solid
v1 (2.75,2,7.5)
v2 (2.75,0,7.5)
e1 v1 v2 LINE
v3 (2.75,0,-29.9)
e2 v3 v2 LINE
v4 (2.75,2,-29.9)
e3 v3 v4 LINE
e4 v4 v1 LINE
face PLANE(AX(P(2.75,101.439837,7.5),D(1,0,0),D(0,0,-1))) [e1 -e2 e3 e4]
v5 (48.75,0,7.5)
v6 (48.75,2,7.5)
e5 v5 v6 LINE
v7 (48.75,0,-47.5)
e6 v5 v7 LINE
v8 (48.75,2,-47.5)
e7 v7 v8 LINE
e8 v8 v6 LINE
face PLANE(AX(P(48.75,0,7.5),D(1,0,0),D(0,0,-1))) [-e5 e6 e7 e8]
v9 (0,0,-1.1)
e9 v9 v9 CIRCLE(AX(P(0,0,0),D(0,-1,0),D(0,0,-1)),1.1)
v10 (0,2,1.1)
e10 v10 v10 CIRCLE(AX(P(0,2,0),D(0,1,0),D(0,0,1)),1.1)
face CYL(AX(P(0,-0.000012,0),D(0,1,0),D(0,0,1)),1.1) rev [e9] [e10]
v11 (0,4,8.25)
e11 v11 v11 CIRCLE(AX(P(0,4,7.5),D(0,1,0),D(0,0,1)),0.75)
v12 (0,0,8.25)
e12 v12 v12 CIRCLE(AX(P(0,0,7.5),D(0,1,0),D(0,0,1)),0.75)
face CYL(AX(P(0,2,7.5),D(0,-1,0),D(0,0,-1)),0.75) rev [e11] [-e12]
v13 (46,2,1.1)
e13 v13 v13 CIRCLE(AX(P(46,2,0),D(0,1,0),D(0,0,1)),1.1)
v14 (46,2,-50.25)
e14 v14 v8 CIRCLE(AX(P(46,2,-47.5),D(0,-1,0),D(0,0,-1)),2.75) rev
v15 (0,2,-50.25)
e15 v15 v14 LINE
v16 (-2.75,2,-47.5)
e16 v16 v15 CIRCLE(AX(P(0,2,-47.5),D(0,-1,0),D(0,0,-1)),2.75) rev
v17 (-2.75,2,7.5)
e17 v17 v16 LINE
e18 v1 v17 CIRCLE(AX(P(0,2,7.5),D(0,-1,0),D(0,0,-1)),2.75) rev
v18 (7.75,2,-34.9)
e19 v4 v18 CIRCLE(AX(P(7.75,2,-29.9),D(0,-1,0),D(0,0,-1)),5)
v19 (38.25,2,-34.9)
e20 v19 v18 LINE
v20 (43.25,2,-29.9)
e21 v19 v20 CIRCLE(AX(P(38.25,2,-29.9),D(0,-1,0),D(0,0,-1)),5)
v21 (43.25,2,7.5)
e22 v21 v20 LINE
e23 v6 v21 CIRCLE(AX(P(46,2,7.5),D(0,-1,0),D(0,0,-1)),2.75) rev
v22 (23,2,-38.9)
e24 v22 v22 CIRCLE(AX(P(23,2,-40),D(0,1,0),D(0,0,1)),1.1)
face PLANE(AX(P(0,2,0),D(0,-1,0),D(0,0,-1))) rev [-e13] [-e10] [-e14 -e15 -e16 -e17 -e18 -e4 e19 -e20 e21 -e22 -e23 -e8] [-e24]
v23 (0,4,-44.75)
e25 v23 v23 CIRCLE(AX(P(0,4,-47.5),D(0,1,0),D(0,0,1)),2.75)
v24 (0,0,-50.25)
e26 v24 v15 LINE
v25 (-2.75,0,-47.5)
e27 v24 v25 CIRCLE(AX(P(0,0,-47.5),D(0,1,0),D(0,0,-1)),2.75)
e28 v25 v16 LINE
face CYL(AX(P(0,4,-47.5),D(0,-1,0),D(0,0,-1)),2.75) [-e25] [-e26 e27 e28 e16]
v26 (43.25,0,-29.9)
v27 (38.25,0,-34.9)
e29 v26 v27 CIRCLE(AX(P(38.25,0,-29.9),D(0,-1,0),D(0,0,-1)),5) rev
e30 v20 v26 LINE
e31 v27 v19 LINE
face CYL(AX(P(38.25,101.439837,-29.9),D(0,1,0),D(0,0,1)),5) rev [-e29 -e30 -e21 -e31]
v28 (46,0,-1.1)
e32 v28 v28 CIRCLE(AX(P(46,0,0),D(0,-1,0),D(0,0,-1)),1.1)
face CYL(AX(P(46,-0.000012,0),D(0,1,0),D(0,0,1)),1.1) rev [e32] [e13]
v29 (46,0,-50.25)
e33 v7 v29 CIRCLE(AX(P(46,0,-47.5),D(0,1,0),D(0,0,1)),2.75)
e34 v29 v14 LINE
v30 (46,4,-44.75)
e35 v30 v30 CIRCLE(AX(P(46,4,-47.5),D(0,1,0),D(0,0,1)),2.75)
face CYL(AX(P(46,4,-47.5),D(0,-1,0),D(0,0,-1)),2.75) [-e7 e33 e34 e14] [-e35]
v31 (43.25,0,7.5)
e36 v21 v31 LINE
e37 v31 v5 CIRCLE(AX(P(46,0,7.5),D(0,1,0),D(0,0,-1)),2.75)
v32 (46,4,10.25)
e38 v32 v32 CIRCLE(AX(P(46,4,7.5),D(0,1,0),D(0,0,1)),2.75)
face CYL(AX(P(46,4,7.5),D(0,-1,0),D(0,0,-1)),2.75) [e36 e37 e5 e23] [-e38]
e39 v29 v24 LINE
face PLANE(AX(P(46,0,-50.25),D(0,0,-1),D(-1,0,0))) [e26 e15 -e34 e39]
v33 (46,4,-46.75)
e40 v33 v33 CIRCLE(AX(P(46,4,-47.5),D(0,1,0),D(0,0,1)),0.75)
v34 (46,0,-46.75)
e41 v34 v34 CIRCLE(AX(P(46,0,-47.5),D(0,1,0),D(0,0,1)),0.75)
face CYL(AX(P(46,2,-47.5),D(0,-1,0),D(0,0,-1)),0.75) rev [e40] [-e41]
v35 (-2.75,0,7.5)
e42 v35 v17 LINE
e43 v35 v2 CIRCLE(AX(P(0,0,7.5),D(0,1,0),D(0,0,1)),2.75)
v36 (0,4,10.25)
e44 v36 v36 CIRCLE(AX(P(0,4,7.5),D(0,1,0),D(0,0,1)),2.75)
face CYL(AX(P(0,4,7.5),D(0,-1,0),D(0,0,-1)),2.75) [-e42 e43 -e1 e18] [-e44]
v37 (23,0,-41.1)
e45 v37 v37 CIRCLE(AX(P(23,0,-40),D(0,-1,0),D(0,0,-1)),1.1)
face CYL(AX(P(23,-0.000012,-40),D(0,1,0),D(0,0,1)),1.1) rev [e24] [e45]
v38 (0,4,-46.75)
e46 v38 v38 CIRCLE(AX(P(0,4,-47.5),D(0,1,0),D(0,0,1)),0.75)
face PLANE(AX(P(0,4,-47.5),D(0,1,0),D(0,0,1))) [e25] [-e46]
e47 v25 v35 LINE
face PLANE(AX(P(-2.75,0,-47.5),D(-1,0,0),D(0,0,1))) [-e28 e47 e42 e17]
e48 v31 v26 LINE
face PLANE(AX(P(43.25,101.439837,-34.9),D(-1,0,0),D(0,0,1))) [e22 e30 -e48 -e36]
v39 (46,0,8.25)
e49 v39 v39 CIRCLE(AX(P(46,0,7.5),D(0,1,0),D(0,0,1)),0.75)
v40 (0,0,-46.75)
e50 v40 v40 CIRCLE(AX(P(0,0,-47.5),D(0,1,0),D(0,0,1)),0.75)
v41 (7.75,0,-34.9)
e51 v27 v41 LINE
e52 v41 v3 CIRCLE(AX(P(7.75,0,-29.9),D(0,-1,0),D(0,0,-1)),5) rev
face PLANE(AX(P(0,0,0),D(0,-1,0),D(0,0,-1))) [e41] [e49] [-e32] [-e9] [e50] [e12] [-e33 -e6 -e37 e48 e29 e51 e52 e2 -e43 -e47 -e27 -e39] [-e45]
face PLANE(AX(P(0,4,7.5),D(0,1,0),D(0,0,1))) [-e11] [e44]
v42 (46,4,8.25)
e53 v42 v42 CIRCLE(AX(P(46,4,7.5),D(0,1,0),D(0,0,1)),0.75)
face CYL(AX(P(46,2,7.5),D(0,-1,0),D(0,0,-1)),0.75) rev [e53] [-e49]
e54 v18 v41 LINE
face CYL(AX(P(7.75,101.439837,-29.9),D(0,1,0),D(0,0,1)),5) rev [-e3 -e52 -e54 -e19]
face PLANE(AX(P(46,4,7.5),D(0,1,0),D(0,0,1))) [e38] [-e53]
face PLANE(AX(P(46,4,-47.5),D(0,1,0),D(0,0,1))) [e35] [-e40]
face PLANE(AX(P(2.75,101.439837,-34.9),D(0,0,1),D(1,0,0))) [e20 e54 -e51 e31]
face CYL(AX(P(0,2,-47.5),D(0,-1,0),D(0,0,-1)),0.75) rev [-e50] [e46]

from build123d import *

# Parameters (mm, degrees)
SKETCH2_W               = 54
SKETCH2_H               = 63
SKETCH2_R               = 0.75
BOSS_EXTRUDE1_DEPTH     = 2
SKETCH1_R               = 1.1
CUT_EXTRUDE2_DEPTH      = 3
CUT_EXTRUDE2_DEPTH_BACK = 1
SKETCH3_R               = 2.75
SKETCH3_R_2             = 0.75
BOSS_EXTRUDE2_DEPTH     = 2
SKETCH4_OUTSIDE_W       = 72.614
SKETCH4_OUTSIDE_H       = 81.614
CUT_EXTRUDE3_DEPTH      = 3
CUT_EXTRUDE3_DEPTH_BACK = 3
CUT_EXTRUDE4_DEPTH      = 3
CUT_EXTRUDE4_DEPTH_BACK = 3
FILLET1_R               = 5


with BuildPart() as part:
    # Sketch2 → Boss-Extrude1 (new body)
    with BuildSketch(Plane(origin=(0, 0, 0), x_dir=(1, 0, 0), z_dir=(0, 1, 0))):
        with Locations((23, 20)):
            Rectangle(SKETCH2_W, SKETCH2_H)
        with Locations((46, -7.5)):
            Circle(SKETCH2_R, mode=Mode.SUBTRACT)
        with Locations((46, 47.5)):
            Circle(SKETCH2_R, mode=Mode.SUBTRACT)
        with Locations((0, 47.5)):
            Circle(SKETCH2_R, mode=Mode.SUBTRACT)
        with Locations((0, -7.5)):
            Circle(SKETCH2_R, mode=Mode.SUBTRACT)
    extrude(amount=BOSS_EXTRUDE1_DEPTH)

    # Sketch1 → Cut-Extrude2 (cut, two sides)
    with BuildSketch(Plane(origin=(0, 0, 0), x_dir=(1, 0, 0), z_dir=(0, 1, 0))) as cut_extrude2_sk:
        Circle(SKETCH1_R)
        with Locations((46, 0)):
            Circle(SKETCH1_R)
        with Locations((23, 40)):
            Circle(SKETCH1_R)
    extrude(amount=CUT_EXTRUDE2_DEPTH, mode=Mode.SUBTRACT)
    extrude(cut_extrude2_sk.sketch, amount=-CUT_EXTRUDE2_DEPTH_BACK, mode=Mode.SUBTRACT)

    # Sketch3 → Boss-Extrude2 (add)
    with BuildSketch(Plane(origin=(0, 2, 0), x_dir=(1, 0, 0), z_dir=(0, 1, 0))):
        with Locations((0, -7.5)):
            Circle(SKETCH3_R)
        with Locations((0, -7.5)):
            Circle(SKETCH3_R_2, mode=Mode.SUBTRACT)
        with Locations((46, -7.5)):
            Circle(SKETCH3_R)
        with Locations((46, -7.5)):
            Circle(SKETCH3_R_2, mode=Mode.SUBTRACT)
        with Locations((46, 47.5)):
            Circle(SKETCH3_R)
        with Locations((46, 47.5)):
            Circle(SKETCH3_R_2, mode=Mode.SUBTRACT)
        with Locations((0, 47.5)):
            Circle(SKETCH3_R)
        with Locations((0, 47.5)):
            Circle(SKETCH3_R_2, mode=Mode.SUBTRACT)
    extrude(amount=BOSS_EXTRUDE2_DEPTH)

    # Sketch4 outside → Cut-Extrude3 (cut, two sides)
    with BuildSketch(Plane(origin=(0, 2, 0), x_dir=(1, 0, 0), z_dir=(0, 1, 0))) as cut_extrude3_sk:
        with Locations((23, 20)):
            Rectangle(SKETCH4_OUTSIDE_W, SKETCH4_OUTSIDE_H)
        with BuildLine():
            Line((0, -10.25), (46, -10.25))
            ThreePointArc((46, -10.25), (47.944543648, -9.444543648), (48.75, -7.5))
            Line((48.75, -7.5), (48.75, 47.5))
            ThreePointArc((48.75, 47.5), (47.944543648, 49.444543648), (46, 50.25))
            Line((46, 50.25), (0, 50.25))
            ThreePointArc((0, 50.25), (-1.944543648, 49.444543648), (-2.75, 47.5))
            Line((-2.75, 47.5), (-2.75, -7.5))
            ThreePointArc((-2.75, -7.5), (-1.944543648, -9.444543648), (0, -10.25))
        make_face(mode=Mode.SUBTRACT)
    extrude(amount=CUT_EXTRUDE3_DEPTH, mode=Mode.SUBTRACT)
    extrude(cut_extrude3_sk.sketch, amount=-CUT_EXTRUDE3_DEPTH_BACK, mode=Mode.SUBTRACT)

    # Sketch5 → Cut-Extrude4 (cut, two sides)
    with BuildSketch(Plane(origin=(0, 2, 0), x_dir=(1, 0, 0), z_dir=(0, 1, 0))) as cut_extrude4_sk:
        with BuildLine():
            Line((2.75, 34.9), (2.75, -7.5))
            ThreePointArc((2.75, -7.5), (1.944543648, -9.444543648), (0, -10.25))
            Line((0, -10.25), (46, -10.25))
            ThreePointArc((46, -10.25), (44.055456352, -9.444543648), (43.25, -7.5))
            Line((43.25, -7.5), (43.25, 34.9))
            Line((43.25, 34.9), (2.75, 34.9))
        make_face()
    extrude(amount=CUT_EXTRUDE4_DEPTH, mode=Mode.SUBTRACT)
    extrude(cut_extrude4_sk.sketch, amount=-CUT_EXTRUDE4_DEPTH_BACK, mode=Mode.SUBTRACT)

    # Fillet1
    fillet1_edges = [part.edges().sort_by_distance(p)[0] for p in [
        (2.75, 1, -34.9),
        (43.25, 1, -34.9),
    ]]
    fillet(fillet1_edges, radius=FILLET1_R)


solid = part.part
